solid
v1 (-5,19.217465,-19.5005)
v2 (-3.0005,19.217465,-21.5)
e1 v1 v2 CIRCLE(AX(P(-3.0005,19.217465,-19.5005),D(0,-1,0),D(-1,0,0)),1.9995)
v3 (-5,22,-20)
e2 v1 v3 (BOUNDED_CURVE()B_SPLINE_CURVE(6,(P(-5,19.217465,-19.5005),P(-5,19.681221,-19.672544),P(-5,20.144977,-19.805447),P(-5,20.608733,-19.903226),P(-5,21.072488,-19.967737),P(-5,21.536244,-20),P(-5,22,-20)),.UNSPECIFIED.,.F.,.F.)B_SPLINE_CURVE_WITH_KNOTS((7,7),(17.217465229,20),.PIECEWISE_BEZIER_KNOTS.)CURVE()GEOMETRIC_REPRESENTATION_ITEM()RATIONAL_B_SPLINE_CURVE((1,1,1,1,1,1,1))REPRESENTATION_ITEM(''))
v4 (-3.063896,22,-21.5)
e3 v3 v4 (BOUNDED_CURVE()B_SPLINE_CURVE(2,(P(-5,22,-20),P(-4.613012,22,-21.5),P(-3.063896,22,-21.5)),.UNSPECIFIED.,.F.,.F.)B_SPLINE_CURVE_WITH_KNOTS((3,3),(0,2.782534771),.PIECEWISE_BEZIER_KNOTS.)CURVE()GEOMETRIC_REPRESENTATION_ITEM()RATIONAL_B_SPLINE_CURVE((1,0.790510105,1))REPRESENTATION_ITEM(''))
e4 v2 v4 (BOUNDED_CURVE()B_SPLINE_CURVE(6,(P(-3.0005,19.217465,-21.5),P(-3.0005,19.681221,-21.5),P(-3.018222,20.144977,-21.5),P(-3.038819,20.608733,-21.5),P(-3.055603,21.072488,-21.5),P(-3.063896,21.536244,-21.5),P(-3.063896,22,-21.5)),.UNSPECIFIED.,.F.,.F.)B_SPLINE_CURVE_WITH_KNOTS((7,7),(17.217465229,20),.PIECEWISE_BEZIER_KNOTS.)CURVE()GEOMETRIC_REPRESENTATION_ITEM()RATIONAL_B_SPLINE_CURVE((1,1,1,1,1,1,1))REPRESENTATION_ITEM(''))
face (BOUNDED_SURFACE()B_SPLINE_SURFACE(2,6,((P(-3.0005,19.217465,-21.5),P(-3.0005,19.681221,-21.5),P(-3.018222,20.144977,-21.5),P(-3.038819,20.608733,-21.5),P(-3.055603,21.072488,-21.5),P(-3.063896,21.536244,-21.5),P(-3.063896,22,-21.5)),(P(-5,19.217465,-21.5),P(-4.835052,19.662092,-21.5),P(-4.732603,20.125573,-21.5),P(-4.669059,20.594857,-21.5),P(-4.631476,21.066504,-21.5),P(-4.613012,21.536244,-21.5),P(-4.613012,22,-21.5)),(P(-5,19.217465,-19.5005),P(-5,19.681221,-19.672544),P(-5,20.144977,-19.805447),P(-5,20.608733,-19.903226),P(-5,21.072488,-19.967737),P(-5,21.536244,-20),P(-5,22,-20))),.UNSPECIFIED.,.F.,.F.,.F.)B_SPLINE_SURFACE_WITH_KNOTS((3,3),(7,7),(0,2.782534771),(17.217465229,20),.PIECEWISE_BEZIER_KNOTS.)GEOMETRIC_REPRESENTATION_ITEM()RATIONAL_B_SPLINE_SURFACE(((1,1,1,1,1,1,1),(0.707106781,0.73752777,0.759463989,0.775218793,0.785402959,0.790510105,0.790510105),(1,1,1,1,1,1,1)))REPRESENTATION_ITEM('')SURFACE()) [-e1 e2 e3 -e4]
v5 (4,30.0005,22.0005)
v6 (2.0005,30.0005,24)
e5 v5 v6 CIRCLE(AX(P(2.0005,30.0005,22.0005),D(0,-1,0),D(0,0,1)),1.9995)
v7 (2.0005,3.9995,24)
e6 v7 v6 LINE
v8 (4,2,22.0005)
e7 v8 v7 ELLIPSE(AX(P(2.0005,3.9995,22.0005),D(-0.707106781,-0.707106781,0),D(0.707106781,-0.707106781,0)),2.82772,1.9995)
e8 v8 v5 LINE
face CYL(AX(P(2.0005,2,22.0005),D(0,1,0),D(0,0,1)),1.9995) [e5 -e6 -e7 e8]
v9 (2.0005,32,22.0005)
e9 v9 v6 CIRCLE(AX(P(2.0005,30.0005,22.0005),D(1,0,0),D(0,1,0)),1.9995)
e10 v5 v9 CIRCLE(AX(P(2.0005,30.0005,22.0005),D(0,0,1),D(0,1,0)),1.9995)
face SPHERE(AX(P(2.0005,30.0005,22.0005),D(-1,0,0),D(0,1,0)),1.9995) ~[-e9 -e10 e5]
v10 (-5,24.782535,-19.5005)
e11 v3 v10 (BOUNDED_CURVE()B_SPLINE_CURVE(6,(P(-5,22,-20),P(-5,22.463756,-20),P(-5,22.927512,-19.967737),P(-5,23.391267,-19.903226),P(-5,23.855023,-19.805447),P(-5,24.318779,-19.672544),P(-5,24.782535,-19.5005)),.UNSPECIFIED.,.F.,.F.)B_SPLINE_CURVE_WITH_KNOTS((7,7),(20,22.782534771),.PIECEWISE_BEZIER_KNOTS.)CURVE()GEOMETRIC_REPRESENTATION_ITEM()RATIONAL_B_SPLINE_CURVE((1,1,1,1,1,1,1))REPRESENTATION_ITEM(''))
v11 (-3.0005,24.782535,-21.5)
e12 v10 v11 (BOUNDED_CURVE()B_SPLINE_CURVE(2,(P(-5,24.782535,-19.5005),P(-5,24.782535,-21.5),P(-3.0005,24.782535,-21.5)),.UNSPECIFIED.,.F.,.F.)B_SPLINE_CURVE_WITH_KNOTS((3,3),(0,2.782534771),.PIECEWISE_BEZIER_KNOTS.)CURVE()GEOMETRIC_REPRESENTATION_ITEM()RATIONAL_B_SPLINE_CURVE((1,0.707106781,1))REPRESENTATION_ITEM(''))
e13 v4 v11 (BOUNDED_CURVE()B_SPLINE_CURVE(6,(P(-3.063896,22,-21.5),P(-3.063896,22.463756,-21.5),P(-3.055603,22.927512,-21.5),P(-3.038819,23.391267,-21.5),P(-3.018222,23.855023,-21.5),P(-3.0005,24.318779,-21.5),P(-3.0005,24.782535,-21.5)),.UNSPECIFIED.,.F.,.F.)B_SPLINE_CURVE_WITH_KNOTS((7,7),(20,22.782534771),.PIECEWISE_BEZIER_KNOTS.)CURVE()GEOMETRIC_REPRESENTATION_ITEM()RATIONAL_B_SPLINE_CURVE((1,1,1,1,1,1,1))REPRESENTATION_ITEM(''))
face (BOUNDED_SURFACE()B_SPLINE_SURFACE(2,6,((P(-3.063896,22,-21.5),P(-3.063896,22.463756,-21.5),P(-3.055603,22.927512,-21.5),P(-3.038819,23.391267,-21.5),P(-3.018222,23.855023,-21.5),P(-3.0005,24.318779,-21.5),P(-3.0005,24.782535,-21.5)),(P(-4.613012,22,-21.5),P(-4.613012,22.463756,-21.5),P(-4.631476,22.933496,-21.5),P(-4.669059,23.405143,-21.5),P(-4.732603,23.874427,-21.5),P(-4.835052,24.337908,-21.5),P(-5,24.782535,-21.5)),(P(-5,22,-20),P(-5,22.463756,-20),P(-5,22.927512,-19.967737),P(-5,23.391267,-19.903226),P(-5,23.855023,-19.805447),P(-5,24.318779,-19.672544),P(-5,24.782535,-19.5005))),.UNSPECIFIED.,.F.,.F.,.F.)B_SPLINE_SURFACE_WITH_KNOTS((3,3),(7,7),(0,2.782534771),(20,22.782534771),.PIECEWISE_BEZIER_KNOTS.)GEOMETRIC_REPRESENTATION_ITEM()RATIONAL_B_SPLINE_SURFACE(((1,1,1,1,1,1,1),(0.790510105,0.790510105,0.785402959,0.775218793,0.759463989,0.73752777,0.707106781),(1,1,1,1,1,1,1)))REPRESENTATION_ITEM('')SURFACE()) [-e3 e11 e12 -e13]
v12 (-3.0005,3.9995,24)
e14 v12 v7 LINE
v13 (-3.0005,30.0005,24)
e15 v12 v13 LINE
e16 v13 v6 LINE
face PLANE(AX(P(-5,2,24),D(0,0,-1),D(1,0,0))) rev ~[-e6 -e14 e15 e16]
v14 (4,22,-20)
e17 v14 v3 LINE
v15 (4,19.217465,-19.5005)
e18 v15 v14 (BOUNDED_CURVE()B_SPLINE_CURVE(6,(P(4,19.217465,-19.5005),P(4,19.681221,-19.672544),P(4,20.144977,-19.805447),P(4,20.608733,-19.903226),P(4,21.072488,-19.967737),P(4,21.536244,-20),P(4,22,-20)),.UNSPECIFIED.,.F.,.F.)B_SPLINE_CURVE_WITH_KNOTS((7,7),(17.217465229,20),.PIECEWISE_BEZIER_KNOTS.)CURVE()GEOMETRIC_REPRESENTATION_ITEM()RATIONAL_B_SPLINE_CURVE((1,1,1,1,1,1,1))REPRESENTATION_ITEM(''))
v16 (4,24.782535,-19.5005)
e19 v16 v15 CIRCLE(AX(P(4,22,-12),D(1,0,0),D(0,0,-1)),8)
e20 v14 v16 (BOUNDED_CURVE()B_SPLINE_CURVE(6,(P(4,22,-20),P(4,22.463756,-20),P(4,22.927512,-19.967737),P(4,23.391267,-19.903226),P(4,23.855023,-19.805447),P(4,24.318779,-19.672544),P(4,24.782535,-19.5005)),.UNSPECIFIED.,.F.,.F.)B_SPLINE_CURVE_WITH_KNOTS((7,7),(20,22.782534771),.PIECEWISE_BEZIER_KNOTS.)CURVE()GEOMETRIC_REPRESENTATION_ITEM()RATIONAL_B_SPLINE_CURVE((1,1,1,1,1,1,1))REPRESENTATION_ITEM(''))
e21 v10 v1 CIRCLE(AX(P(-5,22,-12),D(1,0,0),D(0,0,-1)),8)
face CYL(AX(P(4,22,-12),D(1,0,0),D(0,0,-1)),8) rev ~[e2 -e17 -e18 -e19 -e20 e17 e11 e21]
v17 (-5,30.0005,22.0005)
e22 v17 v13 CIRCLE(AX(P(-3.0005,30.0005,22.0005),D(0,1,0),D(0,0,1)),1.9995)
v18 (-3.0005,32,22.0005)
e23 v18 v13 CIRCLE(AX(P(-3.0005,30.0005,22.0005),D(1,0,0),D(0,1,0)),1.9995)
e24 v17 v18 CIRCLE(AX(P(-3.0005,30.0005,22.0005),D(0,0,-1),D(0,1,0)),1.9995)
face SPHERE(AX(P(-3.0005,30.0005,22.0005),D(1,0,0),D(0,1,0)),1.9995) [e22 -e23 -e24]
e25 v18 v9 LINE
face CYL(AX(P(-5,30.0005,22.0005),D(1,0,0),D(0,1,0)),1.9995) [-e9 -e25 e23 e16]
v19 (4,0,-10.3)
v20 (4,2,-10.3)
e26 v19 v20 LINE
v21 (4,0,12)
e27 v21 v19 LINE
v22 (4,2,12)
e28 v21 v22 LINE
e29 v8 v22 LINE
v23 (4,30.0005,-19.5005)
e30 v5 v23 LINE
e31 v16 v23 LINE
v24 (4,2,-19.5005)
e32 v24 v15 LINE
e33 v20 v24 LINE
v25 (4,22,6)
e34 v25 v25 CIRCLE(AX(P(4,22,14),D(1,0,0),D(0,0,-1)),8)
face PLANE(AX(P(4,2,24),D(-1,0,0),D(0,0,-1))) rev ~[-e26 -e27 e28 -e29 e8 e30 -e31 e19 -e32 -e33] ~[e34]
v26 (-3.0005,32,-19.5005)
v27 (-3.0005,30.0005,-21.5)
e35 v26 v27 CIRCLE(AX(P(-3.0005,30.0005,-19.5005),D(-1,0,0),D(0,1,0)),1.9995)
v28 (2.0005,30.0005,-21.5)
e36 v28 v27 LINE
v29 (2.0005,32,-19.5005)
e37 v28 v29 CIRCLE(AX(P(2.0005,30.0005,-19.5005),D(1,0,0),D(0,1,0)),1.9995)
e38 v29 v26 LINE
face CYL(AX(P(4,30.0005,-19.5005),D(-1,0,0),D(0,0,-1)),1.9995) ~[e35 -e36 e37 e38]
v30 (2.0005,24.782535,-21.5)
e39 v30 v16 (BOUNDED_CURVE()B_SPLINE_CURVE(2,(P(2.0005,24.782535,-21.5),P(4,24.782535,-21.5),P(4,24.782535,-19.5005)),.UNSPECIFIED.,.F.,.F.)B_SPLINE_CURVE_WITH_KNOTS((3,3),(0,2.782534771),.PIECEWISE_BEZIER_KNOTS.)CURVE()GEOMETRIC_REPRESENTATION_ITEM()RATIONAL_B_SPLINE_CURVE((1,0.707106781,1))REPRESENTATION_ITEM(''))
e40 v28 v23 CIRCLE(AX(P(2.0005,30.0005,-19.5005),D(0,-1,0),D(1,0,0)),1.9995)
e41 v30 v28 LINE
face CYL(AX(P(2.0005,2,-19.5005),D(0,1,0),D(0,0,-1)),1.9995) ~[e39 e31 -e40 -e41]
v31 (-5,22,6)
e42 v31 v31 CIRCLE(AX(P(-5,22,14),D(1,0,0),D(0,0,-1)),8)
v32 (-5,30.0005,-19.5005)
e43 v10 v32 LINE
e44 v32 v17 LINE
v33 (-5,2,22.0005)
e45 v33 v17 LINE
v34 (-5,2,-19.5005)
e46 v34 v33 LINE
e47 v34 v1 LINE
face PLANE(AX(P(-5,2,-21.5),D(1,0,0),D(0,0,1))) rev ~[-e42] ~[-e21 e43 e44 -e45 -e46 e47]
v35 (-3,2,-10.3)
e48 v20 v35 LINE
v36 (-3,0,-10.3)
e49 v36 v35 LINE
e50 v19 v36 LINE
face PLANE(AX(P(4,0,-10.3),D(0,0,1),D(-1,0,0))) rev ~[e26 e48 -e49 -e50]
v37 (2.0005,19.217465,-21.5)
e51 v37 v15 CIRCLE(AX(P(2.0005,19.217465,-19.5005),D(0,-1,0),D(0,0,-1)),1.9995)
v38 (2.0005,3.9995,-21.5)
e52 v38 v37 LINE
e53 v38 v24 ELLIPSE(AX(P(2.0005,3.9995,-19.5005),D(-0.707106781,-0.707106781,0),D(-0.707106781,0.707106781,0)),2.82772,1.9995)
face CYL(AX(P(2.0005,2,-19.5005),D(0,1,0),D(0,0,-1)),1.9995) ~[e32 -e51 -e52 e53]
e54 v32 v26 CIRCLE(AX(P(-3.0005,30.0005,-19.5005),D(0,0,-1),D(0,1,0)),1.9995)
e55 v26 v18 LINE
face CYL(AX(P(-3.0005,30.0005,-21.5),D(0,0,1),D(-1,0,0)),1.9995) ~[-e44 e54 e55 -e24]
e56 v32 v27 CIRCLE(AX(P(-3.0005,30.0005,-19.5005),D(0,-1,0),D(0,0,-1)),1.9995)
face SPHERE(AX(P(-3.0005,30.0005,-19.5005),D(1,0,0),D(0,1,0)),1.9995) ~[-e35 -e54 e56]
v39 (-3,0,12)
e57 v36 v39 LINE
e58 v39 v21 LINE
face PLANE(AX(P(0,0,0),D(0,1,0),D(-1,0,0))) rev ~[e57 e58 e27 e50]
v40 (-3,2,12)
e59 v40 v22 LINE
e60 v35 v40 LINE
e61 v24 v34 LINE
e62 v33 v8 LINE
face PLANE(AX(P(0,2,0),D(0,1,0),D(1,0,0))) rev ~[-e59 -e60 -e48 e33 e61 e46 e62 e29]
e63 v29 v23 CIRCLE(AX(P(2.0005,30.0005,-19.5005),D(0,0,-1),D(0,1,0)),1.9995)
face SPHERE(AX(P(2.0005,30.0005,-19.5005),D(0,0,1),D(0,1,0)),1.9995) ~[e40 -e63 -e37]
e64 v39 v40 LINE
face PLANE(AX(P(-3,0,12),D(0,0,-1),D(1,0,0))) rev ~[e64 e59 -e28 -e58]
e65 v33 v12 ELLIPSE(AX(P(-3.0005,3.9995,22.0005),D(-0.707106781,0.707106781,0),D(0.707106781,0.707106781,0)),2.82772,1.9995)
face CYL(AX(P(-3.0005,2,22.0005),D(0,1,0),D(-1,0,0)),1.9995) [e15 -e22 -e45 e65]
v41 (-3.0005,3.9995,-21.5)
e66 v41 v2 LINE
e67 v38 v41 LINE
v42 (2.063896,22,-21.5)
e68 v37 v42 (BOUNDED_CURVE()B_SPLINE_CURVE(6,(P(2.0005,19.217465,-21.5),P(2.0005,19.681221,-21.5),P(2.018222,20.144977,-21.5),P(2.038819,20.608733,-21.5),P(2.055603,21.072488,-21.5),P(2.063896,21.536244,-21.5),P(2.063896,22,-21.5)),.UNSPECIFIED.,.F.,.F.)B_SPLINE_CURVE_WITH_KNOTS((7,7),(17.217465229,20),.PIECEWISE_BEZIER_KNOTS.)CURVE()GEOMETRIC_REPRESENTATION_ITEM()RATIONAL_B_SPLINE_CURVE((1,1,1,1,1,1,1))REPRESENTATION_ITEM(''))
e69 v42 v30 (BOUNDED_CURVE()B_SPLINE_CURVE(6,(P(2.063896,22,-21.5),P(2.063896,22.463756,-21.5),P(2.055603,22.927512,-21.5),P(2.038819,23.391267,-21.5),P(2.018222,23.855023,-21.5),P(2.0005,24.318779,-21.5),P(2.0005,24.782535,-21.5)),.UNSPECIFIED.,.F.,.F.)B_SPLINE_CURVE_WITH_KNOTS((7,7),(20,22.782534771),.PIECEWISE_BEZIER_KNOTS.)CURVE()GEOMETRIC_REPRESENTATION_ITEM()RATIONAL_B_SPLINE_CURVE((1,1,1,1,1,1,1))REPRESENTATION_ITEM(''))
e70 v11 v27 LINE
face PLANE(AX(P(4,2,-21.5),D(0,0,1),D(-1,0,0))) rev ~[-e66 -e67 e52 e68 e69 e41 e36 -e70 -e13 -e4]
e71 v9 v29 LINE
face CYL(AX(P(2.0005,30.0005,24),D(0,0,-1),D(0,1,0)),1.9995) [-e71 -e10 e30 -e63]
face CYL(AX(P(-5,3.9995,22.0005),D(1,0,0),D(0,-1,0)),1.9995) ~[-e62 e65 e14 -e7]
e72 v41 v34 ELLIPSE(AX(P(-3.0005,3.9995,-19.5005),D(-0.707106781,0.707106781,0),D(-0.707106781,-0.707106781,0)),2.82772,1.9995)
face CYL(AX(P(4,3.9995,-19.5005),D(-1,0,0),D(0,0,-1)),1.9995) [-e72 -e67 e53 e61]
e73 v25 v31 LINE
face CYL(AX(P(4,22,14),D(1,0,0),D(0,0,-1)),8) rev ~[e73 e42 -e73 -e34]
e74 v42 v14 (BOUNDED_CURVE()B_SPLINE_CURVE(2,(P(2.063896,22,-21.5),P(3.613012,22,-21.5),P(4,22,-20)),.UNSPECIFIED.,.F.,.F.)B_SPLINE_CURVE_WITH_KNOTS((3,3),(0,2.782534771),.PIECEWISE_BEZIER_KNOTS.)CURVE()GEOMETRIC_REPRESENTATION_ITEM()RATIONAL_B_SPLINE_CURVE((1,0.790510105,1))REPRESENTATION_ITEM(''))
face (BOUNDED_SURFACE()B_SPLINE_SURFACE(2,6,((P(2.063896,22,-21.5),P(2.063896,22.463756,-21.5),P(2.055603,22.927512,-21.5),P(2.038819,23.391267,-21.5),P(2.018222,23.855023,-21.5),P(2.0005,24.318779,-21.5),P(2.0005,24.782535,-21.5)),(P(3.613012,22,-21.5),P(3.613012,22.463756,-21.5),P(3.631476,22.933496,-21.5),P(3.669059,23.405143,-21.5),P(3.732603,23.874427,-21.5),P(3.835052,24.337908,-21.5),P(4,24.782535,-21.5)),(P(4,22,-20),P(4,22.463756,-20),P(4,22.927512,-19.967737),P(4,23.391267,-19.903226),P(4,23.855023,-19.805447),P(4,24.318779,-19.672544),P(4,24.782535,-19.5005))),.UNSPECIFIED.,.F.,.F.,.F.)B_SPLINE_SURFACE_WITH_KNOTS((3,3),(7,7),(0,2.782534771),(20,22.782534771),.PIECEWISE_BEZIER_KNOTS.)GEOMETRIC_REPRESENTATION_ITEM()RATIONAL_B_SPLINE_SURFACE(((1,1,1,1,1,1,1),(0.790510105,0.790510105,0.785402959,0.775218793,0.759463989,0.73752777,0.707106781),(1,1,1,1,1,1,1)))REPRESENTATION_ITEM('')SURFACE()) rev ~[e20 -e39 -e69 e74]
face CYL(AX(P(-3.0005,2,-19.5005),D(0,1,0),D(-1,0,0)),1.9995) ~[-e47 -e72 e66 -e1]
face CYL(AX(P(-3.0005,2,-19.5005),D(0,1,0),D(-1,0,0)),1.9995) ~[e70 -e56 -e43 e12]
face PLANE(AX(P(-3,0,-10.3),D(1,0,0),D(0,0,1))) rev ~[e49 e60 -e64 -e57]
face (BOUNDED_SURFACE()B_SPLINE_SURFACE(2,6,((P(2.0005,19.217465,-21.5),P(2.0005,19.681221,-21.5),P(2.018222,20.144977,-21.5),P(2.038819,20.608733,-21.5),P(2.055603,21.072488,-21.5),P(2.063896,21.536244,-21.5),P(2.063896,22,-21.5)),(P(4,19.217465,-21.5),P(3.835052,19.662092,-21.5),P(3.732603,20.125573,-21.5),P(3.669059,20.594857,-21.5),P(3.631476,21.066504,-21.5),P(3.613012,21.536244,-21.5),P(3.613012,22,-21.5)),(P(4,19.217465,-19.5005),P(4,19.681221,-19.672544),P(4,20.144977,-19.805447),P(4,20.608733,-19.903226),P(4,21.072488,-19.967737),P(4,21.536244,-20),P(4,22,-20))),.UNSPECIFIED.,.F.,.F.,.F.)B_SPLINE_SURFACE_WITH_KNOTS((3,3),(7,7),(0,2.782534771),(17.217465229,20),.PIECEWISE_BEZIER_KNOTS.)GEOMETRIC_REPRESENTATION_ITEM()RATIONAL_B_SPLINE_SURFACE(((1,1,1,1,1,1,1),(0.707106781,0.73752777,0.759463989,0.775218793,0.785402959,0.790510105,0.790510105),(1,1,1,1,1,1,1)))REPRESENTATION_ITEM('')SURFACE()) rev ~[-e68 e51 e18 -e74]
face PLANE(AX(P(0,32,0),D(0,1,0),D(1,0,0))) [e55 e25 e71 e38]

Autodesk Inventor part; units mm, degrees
ref_plane "YZ Plane" through (0, 0, 0) normal (1, 0, 0) x (0, 1, 0)
ref_plane "XZ Plane" through (0, 0, 0) normal (0, 1, 0) x (-1, 0, 0)
ref_plane "XY Plane" through (0, 0, 0) normal (0, 0, 1) x (1, 0, 0)
sketch "Sketch1" plane through (0, 0, 0) normal (0, 1, 0) x (-1, 0, 0)
  line L0 (3, 12) -> (-4, 12)
  line L1 (-4, 12) -> (-4, -10.3)
  line L2 (-4, -10.3) -> (3, -10.3)
  line L3 (3, -10.3) -> (3, 12)
  point P0 (0, 0)
  dimension "d0" = 7
  dimension "d1" = 22.3
extrude "Extrusion1" add sketch "Sketch1" along normal blind 2
sketch "Sketch2" plane through (0, 2, 0) normal (0, 1, 0) x (1, 0, 0)
  line L0 (-5, -24) -> (4, -24)
  line L1 (4, -24) -> (4, 21.5)
  line L2 (4, 21.5) -> (-5, 21.5)
  line L3 (-5, 21.5) -> (-5, -24)
  point P0 (0, 0)
  dimension "d4" = 45.5
extrude "Extrusion2" add sketch "Sketch2" along normal blind 30
sketch "Sketch3" plane through (4, 0, 12) normal (1, 0, 0) x (0, 0, -1)
  circle A0 centre (-2, 22) radius 8
  circle A1 centre (24, 22) radius 8
  point P0 (12, 0)
  dimension "d7" = 16
  dimension "d8" = 16
  dimension "d9" = 10
extrude "Extrusion3" cut sketch "Sketch3" against normal blind 30
fillet "Fillet1" radius 2 10 edges at (-0.5, 32, 24) (4, 32, 1.25) (-0.5, 32, -21.5) (-5, 32, 1.25) (-0.5, 2, 24) (4, 17, 24) (-5, 17, 24) (-0.5, 2, -21.5) (-5, 17, -21.5) (4, 17, -21.5)
properties part number "sonarMount"
